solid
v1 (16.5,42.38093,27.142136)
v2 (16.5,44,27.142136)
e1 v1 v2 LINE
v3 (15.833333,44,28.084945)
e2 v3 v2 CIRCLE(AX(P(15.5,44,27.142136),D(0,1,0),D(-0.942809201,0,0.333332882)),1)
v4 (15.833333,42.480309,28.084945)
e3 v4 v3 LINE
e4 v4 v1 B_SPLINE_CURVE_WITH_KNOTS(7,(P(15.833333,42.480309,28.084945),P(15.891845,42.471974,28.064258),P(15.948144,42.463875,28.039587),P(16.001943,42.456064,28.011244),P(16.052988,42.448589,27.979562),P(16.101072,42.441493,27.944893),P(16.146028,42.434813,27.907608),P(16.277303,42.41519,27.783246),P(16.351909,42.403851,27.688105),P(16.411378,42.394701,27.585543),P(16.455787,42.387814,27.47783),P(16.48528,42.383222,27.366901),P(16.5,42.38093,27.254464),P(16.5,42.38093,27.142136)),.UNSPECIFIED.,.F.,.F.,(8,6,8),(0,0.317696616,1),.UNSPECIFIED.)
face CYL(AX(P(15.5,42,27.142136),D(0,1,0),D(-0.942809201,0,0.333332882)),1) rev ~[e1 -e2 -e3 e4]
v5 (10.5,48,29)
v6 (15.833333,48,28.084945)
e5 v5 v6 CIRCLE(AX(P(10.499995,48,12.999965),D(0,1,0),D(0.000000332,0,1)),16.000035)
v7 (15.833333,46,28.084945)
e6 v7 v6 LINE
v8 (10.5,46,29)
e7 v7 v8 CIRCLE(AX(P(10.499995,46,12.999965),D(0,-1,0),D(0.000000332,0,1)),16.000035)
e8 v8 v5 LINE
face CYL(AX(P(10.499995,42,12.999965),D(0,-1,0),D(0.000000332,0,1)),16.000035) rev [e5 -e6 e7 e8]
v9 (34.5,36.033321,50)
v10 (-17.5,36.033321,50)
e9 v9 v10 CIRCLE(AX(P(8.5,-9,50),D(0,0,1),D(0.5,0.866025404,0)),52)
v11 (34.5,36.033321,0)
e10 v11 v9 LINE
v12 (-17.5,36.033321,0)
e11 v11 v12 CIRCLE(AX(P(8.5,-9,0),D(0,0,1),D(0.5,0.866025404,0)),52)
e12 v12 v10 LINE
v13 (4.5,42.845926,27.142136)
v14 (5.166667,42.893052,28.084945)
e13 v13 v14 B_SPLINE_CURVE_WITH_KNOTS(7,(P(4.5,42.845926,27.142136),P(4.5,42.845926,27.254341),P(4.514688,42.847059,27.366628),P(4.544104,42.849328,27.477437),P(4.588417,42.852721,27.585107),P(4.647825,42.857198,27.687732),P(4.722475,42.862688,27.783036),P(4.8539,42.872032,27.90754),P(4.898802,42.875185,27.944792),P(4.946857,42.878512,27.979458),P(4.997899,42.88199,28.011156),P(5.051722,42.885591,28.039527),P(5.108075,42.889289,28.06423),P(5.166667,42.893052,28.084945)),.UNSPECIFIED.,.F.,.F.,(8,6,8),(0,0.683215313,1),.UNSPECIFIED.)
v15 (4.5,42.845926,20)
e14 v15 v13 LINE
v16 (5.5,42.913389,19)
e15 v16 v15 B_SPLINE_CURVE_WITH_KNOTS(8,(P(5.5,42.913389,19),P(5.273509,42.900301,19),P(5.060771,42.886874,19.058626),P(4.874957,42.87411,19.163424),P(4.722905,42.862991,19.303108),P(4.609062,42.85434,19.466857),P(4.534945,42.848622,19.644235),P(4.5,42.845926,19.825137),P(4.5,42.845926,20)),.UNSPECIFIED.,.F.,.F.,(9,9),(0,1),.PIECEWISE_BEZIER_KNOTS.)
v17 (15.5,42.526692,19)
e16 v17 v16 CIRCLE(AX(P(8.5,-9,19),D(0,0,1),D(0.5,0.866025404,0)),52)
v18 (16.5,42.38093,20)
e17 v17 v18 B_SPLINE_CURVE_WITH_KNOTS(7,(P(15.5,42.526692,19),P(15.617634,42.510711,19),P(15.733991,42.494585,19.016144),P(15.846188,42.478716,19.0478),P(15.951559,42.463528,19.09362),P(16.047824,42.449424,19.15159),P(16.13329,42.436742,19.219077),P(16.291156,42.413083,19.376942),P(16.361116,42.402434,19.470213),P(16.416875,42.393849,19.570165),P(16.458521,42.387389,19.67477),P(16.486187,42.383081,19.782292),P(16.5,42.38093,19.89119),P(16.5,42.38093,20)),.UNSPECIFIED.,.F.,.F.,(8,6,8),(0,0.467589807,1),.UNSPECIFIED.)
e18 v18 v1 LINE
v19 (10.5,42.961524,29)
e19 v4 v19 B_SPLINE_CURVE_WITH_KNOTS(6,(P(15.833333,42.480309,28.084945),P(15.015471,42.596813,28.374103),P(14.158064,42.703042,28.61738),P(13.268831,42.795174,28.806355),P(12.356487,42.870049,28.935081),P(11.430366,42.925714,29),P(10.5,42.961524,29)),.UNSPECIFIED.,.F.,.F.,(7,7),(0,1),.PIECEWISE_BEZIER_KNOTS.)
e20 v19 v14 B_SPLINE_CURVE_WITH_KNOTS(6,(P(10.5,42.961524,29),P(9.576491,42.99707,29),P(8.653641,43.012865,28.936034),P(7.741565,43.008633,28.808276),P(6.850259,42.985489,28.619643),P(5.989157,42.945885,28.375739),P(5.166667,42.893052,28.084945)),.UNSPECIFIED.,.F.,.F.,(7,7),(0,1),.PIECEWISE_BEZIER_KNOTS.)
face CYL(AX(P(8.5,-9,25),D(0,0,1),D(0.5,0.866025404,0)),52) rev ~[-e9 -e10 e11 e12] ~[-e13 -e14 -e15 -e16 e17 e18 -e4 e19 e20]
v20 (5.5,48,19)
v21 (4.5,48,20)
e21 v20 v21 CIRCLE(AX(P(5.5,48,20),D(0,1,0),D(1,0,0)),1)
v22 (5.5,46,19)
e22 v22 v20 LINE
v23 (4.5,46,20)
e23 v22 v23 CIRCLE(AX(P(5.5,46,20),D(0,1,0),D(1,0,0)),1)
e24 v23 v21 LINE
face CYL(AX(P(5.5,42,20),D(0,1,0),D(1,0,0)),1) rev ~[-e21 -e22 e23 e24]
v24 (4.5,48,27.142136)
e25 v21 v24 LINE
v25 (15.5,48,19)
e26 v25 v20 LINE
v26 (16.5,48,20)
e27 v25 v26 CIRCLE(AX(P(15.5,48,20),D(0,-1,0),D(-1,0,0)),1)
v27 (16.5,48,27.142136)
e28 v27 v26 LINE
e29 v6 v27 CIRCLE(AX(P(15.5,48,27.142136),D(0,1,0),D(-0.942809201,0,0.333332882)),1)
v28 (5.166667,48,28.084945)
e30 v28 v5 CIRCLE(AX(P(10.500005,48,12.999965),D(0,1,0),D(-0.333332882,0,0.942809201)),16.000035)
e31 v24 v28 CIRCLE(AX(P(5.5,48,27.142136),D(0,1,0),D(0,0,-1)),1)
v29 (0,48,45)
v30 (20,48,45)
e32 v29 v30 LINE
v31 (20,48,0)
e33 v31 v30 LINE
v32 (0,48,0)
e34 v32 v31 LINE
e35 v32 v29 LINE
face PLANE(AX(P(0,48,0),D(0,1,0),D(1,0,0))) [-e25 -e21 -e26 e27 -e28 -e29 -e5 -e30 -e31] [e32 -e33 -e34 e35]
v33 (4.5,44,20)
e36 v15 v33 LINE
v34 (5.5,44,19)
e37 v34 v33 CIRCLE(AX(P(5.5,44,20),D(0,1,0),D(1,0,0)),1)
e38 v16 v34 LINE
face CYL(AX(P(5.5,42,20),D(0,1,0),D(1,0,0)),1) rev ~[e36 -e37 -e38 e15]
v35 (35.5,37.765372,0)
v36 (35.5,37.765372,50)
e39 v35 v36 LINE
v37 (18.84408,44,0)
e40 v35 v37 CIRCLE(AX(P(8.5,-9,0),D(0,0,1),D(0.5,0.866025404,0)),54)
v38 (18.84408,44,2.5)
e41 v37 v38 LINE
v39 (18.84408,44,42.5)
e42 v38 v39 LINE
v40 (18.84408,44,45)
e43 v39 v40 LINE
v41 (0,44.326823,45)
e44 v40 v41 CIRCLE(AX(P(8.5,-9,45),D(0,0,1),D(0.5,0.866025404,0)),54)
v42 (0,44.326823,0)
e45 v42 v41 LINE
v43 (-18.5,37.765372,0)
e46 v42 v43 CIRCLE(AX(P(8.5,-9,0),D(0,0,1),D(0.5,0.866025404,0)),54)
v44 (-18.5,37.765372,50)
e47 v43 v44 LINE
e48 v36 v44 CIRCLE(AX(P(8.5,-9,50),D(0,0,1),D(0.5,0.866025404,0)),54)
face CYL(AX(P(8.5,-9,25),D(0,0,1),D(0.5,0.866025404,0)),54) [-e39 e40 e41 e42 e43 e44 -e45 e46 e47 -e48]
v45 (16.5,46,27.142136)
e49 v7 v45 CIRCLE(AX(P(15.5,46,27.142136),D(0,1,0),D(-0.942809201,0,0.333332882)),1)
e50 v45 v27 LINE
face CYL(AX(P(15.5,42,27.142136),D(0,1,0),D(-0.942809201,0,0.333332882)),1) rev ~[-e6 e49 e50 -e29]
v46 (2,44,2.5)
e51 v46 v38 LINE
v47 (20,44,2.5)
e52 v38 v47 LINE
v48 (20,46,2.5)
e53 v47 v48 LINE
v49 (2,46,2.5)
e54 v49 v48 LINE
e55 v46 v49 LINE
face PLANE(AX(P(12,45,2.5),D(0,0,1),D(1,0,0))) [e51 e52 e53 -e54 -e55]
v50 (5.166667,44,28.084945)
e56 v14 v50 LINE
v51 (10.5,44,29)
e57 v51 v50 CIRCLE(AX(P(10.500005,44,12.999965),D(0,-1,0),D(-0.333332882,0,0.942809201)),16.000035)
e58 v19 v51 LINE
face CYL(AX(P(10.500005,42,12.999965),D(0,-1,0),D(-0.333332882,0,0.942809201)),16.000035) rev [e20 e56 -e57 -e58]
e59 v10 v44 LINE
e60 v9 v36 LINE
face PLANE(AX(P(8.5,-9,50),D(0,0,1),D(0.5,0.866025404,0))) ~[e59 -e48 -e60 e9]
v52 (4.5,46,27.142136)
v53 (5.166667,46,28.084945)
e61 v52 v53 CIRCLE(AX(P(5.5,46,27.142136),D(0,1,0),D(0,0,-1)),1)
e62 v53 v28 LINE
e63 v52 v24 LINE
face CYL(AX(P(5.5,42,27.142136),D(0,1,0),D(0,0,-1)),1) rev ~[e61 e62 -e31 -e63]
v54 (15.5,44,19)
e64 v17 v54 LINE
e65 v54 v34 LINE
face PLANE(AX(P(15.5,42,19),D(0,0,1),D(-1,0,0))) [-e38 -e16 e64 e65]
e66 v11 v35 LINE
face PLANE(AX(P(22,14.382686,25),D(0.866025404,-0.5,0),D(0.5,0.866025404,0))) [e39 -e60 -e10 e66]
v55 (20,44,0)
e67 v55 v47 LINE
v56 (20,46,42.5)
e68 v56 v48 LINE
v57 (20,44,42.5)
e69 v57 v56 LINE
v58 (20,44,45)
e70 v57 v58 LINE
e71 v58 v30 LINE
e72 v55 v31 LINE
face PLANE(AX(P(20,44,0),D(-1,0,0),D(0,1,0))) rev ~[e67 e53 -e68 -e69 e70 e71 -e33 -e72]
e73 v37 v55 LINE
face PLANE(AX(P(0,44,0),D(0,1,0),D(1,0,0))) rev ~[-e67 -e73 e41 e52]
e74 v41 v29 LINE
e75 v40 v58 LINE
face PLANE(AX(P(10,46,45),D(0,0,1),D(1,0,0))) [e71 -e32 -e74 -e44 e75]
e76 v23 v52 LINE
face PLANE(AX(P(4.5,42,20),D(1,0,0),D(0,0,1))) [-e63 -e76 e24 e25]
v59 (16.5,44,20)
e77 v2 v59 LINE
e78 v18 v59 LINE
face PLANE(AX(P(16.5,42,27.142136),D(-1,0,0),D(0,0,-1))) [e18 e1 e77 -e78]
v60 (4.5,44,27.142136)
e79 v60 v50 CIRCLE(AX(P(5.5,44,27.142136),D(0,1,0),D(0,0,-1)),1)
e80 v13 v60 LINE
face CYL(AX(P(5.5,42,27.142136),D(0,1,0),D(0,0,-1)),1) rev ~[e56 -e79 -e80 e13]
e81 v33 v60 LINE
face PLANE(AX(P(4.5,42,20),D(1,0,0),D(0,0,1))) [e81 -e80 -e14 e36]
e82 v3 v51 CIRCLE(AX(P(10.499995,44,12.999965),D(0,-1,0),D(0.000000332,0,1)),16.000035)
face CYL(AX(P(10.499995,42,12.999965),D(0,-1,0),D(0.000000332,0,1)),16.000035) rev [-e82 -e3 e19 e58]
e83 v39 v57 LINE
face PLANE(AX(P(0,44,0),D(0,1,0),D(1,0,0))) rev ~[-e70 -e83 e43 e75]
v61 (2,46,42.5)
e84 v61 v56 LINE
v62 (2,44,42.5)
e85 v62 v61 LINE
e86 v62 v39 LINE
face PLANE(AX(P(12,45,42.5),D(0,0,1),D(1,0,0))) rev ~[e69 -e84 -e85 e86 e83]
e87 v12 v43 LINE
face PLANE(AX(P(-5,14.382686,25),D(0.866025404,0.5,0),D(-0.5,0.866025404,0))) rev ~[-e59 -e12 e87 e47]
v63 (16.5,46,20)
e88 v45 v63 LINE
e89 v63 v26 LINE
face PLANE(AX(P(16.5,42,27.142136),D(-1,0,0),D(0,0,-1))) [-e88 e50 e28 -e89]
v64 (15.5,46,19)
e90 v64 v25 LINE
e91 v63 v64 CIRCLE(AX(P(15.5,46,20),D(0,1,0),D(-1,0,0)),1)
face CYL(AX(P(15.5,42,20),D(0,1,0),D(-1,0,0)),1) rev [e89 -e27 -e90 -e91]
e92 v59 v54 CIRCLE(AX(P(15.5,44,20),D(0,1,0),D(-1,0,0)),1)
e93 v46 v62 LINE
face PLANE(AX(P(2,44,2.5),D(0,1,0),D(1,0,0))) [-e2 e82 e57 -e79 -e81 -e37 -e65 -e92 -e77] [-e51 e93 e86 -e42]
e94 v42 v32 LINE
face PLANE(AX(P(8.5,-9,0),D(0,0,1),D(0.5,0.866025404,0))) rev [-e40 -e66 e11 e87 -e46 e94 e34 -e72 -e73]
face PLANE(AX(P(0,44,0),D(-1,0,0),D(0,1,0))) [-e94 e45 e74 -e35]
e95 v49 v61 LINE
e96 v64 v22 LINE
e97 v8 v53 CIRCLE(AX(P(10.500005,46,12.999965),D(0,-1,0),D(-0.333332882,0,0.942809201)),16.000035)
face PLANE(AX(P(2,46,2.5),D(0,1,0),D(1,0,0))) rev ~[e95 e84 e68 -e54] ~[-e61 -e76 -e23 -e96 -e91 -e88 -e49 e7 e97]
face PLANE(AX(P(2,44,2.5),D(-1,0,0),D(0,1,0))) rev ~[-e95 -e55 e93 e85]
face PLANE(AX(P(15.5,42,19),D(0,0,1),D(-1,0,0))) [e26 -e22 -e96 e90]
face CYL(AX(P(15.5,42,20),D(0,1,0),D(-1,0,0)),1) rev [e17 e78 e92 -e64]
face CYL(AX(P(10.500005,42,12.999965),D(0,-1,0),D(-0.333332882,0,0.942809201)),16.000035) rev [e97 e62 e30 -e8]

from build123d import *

# Parameters (mm, degrees)
BOX002_W                    = 20
BOX002_H                    = 2
BOX002_DEPTH                = 40
EXTRUDE_DEPTH               = 6
EXTRUDE001_DEPTH            = 6
THICKNESS_T                 = 1
BOX001_W                    = 20
BOX001_H                    = 4
BOX001_DEPTH                = 45
CYLINDER001_W               = 52
CYLINDER001_H               = 50
CYLINDER001_ANGLE           = 60
CYLINDER001_PLACEMENT_ANGLE = 60
CYLINDER_W                  = 54
CYLINDER_H                  = 50
CYLINDER_ANGLE              = 60
CYLINDER_PLACEMENT_ANGLE    = 60


with BuildPart() as slot:
    # Box002 → Box002 (new body)
    with BuildSketch(Plane(origin=(2, 44, 2.5), x_dir=(1, 0, 0), z_dir=(0, 0, 1))):
        with Locations((10, 1)):
            Rectangle(BOX002_W, BOX002_H)
    extrude(amount=BOX002_DEPTH)


with BuildPart() as extrude_body:
    # Common_cs001 → Extrude (new body)
    with BuildSketch(Plane(origin=(8.5, 45, 6), x_dir=(1, 0, 0), z_dir=(0, 1, 0))):
        with BuildLine():
            Line((5, 4), (-5, 4))
            Line((-5, 4), (-5, -3.142136))
            ThreePointArc((-5, -3.142136), (-2.53653, -3.783978), (0, -4))
            ThreePointArc((0, -4), (2.53653, -3.783978), (5, -3.142136))
            Line((5, -3.142136), (5, 4))
        make_face()
    extrude(amount=EXTRUDE_DEPTH)


with BuildPart() as extrude001:
    # Common_cs002 → Extrude001 (new body)
    with BuildSketch(Plane(origin=(8.5, 45, 6), x_dir=(1, 0, 0), z_dir=(0, 1, 0))):
        with BuildLine():
            Line((5, 4), (-5, 4))
            Line((-5, 4), (-5, -3.142136))
            ThreePointArc((-5, -3.142136), (-2.53653, -3.783978), (0, -4))
            ThreePointArc((0, -4), (2.53653, -3.783978), (5, -3.142136))
            Line((5, -3.142136), (5, 4))
        make_face()
    extrude(amount=EXTRUDE001_DEPTH)


with BuildPart() as pin_opening:
    # Thickness base: copy of Extrude body
    add(extrude_body.part)

    # Thickness
    thickness_openings = [pin_opening.faces().sort_by_distance(p)[0] for p in [
        (8.5, 51, 5.862901),
    ]]
    offset(amount=THICKNESS_T, openings=thickness_openings)

    # Fusion002: union Extrude body, Extrude001
    add(extrude_body.part)
    add(extrude001.part)


with BuildPart() as pin_opening_1:
    # Fusion002 placement: moved
    add(pin_opening.part.moved(Location((2, -3, 18))))


with BuildPart() as latch:
    # Box001 → Box001 (new body)
    with BuildSketch(Plane(origin=(0, 44, 0), x_dir=(1, 0, 0), z_dir=(0, 0, 1))):
        with Locations((10, 2)):
            Rectangle(BOX001_W, BOX001_H)
    extrude(amount=BOX001_DEPTH)


with BuildPart() as bottle_wall001:
    # Cylinder001 → Cylinder001 (revolve)
    with BuildSketch(Plane.XZ):
        with Locations((26, 25)):
            Rectangle(CYLINDER001_W, CYLINDER001_H)
    revolve(axis=Axis((0, 0, 0), (0, 0, 1)), revolution_arc=CYLINDER001_ANGLE)


with BuildPart() as bottle_wall001_1:
    # Cylinder001 placement: moved
    add(bottle_wall001.part.moved(Location((8.5, -7, 0))).rotate(Axis((8.5, -7, 0), (0, 0, 1)), CYLINDER001_PLACEMENT_ANGLE))


with BuildPart() as cut004:
    # Cylinder → Cylinder (revolve)
    with BuildSketch(Plane.XZ):
        with Locations((27, 25)):
            Rectangle(CYLINDER_W, CYLINDER_H)
    revolve(axis=Axis((0, 0, 0), (0, 0, 1)), revolution_arc=CYLINDER_ANGLE)


with BuildPart() as cut004_1:
    # Cylinder placement: moved
    add(cut004.part.moved(Location((8.5, -7, 0))).rotate(Axis((8.5, -7, 0), (0, 0, 1)), CYLINDER_PLACEMENT_ANGLE))

    # Cut: cut bottle_wall001
    add(bottle_wall001_1.part, mode=Mode.SUBTRACT)


with BuildPart() as cut004_2:
    # Cut placement: moved
    add(cut004_1.part.moved(Location((0, -2, 0))))

    # Fusion: union latch
    add(latch.part)

    # Fusion001: union latch
    add(latch.part)

    # Cut003: cut pin opening
    add(pin_opening_1.part, mode=Mode.SUBTRACT)

    # Cut004: cut slot
    add(slot.part, mode=Mode.SUBTRACT)


solid = cut004_2.part
